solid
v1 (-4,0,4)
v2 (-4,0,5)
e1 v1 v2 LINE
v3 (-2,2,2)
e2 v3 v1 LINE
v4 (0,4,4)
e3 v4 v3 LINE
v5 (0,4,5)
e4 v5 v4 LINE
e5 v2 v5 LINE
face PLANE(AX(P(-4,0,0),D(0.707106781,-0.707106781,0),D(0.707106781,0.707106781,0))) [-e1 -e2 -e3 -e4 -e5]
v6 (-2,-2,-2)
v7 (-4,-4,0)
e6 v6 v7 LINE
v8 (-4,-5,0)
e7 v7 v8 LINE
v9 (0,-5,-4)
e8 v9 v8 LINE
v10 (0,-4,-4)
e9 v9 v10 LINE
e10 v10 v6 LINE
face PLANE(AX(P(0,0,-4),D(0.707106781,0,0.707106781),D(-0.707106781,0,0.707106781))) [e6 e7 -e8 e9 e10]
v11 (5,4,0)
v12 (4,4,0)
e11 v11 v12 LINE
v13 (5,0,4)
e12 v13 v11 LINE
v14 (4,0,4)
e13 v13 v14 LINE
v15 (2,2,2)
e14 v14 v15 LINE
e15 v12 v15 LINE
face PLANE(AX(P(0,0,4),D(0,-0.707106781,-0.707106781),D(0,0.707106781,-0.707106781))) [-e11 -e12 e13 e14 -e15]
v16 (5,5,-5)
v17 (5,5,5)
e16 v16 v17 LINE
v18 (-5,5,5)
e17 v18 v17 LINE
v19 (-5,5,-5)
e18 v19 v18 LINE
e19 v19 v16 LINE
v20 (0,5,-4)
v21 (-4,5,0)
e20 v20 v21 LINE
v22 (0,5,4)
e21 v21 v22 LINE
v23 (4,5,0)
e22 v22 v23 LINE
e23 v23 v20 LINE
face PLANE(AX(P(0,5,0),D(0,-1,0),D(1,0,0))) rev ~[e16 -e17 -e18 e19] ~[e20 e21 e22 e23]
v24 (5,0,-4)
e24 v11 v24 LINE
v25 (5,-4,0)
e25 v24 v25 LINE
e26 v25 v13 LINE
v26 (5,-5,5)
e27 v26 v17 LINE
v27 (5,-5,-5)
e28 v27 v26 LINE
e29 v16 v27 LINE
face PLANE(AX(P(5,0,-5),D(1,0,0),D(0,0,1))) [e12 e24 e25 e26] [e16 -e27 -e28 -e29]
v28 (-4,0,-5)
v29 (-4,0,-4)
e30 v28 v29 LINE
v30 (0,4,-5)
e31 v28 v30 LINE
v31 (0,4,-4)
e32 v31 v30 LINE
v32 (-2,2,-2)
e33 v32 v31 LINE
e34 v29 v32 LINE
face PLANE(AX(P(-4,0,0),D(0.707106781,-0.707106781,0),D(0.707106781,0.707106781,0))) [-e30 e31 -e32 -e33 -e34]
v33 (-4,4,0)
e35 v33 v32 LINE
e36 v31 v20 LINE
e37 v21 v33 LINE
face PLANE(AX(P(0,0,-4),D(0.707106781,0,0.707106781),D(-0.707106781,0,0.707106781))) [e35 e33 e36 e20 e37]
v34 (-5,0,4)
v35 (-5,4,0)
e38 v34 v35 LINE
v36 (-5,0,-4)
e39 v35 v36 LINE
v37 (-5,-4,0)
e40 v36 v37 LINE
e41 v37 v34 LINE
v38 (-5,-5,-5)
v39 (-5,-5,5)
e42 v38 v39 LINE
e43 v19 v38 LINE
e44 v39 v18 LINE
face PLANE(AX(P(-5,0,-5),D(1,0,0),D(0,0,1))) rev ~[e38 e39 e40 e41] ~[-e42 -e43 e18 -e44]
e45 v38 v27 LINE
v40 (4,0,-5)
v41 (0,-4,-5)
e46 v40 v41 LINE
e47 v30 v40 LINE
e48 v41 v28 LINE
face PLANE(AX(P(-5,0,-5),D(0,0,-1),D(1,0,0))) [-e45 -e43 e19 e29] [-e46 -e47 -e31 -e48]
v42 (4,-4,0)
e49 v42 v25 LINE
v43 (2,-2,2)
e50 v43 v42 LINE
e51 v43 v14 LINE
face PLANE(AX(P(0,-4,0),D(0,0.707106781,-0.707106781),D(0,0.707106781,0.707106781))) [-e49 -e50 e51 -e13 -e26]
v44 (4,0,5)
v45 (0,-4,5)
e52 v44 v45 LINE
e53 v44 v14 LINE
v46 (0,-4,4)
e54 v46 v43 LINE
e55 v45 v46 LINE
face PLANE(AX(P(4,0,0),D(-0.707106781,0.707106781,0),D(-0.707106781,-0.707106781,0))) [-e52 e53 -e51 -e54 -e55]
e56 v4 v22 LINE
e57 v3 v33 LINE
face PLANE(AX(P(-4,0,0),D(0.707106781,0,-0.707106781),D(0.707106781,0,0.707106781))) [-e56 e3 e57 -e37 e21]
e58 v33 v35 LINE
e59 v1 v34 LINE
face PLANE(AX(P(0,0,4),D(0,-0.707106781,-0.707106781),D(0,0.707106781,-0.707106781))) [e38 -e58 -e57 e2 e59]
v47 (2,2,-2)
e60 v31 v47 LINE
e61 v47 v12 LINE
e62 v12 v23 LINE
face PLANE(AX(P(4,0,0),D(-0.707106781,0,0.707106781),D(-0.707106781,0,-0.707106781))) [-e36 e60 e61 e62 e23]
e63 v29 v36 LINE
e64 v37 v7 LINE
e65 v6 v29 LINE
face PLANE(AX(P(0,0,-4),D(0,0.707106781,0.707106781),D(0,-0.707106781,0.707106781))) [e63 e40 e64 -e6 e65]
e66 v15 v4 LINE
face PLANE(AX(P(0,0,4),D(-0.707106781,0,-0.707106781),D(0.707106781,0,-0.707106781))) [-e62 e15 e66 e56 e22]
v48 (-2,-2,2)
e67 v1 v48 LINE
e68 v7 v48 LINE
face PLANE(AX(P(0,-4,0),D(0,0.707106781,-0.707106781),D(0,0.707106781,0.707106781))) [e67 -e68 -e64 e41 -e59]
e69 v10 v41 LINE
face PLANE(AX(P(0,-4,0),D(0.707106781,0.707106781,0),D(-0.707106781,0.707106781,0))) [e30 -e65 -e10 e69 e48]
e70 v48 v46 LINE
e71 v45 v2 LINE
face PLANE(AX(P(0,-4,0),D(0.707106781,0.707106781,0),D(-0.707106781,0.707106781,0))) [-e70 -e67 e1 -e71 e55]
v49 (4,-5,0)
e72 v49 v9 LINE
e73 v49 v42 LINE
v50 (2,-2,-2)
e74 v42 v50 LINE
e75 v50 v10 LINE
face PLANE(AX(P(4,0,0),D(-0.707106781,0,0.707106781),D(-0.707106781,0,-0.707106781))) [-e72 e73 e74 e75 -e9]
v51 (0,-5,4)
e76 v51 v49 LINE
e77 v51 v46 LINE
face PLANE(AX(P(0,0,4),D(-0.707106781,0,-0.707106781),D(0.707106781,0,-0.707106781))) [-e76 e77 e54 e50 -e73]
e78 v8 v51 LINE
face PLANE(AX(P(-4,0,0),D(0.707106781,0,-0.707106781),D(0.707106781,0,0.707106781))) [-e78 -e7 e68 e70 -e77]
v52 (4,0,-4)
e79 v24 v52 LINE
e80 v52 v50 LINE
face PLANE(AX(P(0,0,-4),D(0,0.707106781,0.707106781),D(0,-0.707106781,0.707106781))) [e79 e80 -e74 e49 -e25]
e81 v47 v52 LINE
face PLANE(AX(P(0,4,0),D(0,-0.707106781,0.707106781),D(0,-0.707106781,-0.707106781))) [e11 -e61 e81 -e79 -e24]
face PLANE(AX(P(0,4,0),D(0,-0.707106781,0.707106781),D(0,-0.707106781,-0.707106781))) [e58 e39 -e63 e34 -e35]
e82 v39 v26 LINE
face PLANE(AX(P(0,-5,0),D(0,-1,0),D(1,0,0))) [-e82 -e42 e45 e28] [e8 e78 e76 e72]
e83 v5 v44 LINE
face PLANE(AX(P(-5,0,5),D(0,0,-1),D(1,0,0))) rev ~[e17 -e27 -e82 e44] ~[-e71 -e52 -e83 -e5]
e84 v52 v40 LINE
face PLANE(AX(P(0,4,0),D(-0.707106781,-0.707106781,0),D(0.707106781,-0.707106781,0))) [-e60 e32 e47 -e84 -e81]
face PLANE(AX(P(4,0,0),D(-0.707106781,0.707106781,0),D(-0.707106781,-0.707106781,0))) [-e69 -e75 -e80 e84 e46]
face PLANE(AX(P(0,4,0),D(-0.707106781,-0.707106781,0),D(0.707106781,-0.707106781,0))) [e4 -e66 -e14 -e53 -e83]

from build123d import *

# Parameters (mm, degrees)
F0_W     = 10
F0_H     = 10
F3_DEPTH = 5
F1_W     = 10
F1_H     = 10
F4_DEPTH = 5
F2_W     = 10
F2_H     = 10
F5_DEPTH = 5


with BuildPart() as f3:
    # F0 (on Front) → F3 (new body, symmetric)
    with BuildSketch(Plane.XZ):
        Rectangle(F0_W, F0_H)
        Polygon((-4, 0), (0, 4), (4, 0), (0, -4), align=None, mode=Mode.SUBTRACT)
    extrude(amount=F3_DEPTH, both=True)

    # F1 (on Right) → F4 (intersect, symmetric)
    with BuildSketch(Plane.YZ):
        Rectangle(F1_W, F1_H)
        Polygon((-4, 0), (0, 4), (4, 0), (0, -4), align=None, mode=Mode.SUBTRACT)
    extrude(amount=F4_DEPTH, both=True, mode=Mode.INTERSECT)

    # F2 (on Top) → F5 (intersect, symmetric)
    with BuildSketch(Plane.XY):
        Rectangle(F2_W, F2_H)
        Polygon((-4, 0), (0, 4), (4, 0), (0, -4), align=None, mode=Mode.SUBTRACT)
    extrude(amount=F5_DEPTH, both=True, mode=Mode.INTERSECT)


solid = f3.part
